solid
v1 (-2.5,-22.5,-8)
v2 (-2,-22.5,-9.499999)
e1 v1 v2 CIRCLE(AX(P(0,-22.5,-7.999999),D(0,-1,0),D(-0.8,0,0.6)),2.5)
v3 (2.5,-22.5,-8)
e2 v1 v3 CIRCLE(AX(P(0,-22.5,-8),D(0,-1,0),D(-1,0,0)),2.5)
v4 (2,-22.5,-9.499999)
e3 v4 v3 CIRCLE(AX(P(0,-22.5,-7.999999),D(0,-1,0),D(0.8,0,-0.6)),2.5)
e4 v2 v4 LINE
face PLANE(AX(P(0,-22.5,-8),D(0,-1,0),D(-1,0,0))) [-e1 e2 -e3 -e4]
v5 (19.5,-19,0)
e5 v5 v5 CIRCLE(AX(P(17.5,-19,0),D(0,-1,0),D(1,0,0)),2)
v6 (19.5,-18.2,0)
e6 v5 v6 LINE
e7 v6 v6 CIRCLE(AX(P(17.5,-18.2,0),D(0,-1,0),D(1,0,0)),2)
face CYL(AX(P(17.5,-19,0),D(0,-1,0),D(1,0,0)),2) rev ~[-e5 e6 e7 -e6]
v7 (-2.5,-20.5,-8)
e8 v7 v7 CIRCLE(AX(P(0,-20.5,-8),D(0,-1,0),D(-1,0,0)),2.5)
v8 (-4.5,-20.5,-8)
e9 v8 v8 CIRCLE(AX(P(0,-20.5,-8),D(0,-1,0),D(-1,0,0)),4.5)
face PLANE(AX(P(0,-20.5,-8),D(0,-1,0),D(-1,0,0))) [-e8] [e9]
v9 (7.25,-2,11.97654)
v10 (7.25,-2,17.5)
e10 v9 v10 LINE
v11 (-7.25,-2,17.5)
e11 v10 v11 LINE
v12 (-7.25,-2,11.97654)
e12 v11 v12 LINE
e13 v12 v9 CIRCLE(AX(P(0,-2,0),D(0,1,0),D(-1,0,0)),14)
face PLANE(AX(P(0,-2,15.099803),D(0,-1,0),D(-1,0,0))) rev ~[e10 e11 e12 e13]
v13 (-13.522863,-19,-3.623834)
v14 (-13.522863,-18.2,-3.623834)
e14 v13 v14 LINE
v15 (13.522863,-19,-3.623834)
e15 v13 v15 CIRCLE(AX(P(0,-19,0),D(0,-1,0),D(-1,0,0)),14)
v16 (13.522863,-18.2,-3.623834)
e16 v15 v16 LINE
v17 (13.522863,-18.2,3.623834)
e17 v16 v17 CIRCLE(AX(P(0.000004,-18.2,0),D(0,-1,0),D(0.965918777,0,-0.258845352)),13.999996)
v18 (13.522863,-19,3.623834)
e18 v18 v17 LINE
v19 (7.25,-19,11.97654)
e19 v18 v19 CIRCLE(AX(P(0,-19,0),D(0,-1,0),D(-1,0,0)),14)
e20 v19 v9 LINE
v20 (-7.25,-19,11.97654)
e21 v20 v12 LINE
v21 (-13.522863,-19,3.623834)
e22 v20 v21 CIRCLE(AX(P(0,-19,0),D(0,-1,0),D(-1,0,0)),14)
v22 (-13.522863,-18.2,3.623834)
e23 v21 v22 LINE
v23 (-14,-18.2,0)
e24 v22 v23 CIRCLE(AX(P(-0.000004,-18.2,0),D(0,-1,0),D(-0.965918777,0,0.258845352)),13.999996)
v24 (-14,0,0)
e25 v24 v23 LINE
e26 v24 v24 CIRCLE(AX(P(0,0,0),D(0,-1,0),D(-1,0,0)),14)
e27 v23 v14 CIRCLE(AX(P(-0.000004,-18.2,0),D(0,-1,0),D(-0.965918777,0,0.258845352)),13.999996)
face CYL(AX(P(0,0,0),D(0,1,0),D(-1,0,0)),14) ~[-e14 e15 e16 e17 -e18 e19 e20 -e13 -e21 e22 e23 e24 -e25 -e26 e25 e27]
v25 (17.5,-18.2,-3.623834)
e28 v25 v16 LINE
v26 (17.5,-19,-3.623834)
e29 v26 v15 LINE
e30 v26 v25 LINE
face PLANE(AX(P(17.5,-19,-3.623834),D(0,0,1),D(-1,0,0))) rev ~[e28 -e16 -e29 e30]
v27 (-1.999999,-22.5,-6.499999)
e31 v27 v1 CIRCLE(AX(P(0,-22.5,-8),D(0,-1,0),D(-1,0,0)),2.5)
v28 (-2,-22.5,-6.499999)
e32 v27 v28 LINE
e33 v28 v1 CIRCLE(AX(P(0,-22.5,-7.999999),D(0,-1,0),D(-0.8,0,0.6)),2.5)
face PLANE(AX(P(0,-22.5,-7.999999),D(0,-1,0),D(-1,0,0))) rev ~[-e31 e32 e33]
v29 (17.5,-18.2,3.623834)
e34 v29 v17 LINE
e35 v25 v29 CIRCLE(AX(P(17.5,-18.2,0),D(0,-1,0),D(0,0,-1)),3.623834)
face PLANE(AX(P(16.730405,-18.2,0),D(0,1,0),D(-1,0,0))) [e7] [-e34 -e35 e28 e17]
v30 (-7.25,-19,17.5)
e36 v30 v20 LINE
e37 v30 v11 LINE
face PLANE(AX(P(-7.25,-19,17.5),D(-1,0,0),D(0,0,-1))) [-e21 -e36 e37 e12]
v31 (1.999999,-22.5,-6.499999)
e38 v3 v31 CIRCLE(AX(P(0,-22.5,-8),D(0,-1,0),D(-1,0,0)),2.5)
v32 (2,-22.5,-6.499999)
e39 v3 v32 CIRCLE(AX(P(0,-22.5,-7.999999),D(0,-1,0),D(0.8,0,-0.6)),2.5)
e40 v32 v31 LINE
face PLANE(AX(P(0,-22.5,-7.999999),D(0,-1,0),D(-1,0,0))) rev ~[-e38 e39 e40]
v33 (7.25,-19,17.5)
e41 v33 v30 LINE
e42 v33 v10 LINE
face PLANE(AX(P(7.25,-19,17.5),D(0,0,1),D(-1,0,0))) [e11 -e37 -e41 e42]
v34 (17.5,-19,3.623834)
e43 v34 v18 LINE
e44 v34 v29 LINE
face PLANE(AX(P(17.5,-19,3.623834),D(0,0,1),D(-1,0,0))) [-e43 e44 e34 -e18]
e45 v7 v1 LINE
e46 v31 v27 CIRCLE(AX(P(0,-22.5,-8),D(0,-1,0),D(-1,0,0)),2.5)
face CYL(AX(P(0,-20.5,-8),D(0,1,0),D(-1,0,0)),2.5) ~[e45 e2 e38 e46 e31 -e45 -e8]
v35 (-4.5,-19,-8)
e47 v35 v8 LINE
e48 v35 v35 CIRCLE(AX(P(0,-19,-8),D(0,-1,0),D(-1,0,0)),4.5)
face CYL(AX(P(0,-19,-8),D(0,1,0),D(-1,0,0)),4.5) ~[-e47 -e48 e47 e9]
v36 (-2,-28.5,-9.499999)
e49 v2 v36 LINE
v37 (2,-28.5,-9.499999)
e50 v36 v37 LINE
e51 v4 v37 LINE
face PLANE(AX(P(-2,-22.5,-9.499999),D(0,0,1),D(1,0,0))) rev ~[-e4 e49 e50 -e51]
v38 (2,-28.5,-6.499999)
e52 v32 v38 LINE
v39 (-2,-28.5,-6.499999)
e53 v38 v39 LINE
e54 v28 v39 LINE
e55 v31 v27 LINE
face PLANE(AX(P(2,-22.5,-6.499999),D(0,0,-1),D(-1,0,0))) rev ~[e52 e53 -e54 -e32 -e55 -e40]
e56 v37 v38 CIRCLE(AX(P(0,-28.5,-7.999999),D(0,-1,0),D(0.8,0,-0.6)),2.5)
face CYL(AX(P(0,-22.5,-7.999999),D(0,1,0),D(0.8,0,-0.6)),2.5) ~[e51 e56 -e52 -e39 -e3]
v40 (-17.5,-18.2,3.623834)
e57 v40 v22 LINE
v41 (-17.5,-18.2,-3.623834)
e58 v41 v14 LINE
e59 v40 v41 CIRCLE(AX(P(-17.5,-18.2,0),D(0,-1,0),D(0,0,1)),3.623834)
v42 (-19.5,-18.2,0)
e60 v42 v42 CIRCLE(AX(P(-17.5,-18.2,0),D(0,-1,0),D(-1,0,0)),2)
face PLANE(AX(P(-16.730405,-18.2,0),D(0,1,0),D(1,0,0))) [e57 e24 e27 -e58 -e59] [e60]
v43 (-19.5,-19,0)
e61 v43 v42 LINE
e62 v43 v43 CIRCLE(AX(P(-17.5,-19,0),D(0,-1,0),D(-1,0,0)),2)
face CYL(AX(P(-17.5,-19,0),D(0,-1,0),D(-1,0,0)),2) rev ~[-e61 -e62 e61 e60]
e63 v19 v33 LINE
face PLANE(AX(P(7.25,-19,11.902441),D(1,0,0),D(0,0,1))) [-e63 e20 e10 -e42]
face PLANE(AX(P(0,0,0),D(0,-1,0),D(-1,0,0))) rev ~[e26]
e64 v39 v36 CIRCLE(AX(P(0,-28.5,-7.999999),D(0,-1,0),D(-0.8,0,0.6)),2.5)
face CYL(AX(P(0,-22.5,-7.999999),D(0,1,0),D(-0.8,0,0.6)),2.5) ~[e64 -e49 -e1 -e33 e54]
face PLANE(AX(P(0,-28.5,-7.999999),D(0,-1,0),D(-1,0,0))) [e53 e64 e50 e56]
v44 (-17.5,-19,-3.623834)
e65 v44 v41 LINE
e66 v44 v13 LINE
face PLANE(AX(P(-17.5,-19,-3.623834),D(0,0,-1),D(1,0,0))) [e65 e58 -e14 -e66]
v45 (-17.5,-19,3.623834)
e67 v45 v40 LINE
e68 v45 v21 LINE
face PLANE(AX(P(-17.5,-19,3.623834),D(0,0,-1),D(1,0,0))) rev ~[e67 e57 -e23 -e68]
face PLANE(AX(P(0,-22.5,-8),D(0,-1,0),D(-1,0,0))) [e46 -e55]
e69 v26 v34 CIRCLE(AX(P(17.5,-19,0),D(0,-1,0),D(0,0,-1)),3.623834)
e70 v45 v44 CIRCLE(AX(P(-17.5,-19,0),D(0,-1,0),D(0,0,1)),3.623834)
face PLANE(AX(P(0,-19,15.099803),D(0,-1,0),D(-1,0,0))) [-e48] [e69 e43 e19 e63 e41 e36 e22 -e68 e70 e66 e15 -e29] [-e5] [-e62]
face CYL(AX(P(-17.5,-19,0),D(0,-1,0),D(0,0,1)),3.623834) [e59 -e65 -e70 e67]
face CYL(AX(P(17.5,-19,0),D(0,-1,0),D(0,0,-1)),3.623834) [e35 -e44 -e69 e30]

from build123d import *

# Parameters (mm, degrees)
SKETCH008_R             = 14
PAD004_DEPTH            = 19
SKETCH009_R             = 4.5
PAD005_DEPTH            = 1.5
SKETCH010_R             = 2.5
PAD006_DEPTH            = 2
PAD007_DEPTH            = 6
SKETCH012_R             = 2
PAD008_DEPTH            = 0.8
POLARPATTERN_COUNT      = 2
PAD009_DEPTH            = 17
BODY003_PLACEMENT_ANGLE = 180


with BuildPart() as part:
    # Sketch008 → Pad004 (new body)
    with BuildSketch(Plane.XZ):
        Circle(SKETCH008_R)
    extrude(amount=PAD004_DEPTH)

    # Sketch009 (on Face3 of Pad004) → Pad005 (join)
    with BuildSketch(Plane.XZ.offset(19)):
        with Locations((0, 8)):
            Circle(SKETCH009_R)
    extrude(amount=PAD005_DEPTH)

    # Sketch010 (on Face5 of Pad005) → Pad006 (join)
    with BuildSketch(Plane.XZ.offset(20.5)):
        with Locations((0, 8)):
            Circle(SKETCH010_R)
    extrude(amount=PAD006_DEPTH)

    # Sketch011 (on Face7 of Pad006) → Pad007 (join)
    with BuildSketch(Plane.XZ.offset(22.5)):
        with BuildLine():
            ThreePointArc((-2, 9.499999), (-2.5, 7.999999), (-2, 6.499999))
            Line((-2, 6.499999), (2, 6.499999))
            ThreePointArc((2, 6.499999), (2.5, 7.999999), (2, 9.499999))
            Line((2, 9.499999), (-2, 9.499999))
        make_face()
    extrude(amount=PAD007_DEPTH)

    # Sketch012 (on Face3 of Pad007) → Pad008 (join)
    with BuildSketch(Plane.XZ.offset(19)):
        with BuildLine():
            ThreePointArc((13.522863, -3.623834), (14, 0), (13.522863, 3.623834))
            Line((17.5, 3.623834), (13.522863, 3.623834))
            ThreePointArc((17.5, -3.623834), (21.123834, 0), (17.5, 3.623834))
            Line((17.5, -3.623834), (13.522863, -3.623834))
        make_face()
        with Locations((17.5, 0)):
            Circle(SKETCH012_R, mode=Mode.SUBTRACT)
    pad008 = extrude(amount=-PAD008_DEPTH)

    # PolarPattern: Pad008 ×2 about axis
    polarpattern_axis = Axis((0, -19, 0), (0, -1, 0))
    for i in range(1, POLARPATTERN_COUNT):
        add(pad008.rotate(polarpattern_axis, i * 360 / POLARPATTERN_COUNT))

    # Sketch013 (on Face13 of PolarPattern) → Pad009 (join)
    with BuildSketch(Plane.XZ.offset(19)):
        with BuildLine():
            Line((7.25, -17.5), (7.25, -11.90244))
            ThreePointArc((-7.25, -11.902441), (0, -13.925901), (7.25, -11.90244))
            Line((-7.25, -11.902441), (-7.25, -17.5))
            Line((-7.25, -17.5), (7.25, -17.5))
        make_face()
    extrude(amount=-PAD009_DEPTH)


with BuildPart() as part_1:
    # Body003 placement: moved
    add(part.part.rotate(Axis((0, 0, 0), (0, 1, 0)), BODY003_PLACEMENT_ANGLE))


solid = part_1.part
